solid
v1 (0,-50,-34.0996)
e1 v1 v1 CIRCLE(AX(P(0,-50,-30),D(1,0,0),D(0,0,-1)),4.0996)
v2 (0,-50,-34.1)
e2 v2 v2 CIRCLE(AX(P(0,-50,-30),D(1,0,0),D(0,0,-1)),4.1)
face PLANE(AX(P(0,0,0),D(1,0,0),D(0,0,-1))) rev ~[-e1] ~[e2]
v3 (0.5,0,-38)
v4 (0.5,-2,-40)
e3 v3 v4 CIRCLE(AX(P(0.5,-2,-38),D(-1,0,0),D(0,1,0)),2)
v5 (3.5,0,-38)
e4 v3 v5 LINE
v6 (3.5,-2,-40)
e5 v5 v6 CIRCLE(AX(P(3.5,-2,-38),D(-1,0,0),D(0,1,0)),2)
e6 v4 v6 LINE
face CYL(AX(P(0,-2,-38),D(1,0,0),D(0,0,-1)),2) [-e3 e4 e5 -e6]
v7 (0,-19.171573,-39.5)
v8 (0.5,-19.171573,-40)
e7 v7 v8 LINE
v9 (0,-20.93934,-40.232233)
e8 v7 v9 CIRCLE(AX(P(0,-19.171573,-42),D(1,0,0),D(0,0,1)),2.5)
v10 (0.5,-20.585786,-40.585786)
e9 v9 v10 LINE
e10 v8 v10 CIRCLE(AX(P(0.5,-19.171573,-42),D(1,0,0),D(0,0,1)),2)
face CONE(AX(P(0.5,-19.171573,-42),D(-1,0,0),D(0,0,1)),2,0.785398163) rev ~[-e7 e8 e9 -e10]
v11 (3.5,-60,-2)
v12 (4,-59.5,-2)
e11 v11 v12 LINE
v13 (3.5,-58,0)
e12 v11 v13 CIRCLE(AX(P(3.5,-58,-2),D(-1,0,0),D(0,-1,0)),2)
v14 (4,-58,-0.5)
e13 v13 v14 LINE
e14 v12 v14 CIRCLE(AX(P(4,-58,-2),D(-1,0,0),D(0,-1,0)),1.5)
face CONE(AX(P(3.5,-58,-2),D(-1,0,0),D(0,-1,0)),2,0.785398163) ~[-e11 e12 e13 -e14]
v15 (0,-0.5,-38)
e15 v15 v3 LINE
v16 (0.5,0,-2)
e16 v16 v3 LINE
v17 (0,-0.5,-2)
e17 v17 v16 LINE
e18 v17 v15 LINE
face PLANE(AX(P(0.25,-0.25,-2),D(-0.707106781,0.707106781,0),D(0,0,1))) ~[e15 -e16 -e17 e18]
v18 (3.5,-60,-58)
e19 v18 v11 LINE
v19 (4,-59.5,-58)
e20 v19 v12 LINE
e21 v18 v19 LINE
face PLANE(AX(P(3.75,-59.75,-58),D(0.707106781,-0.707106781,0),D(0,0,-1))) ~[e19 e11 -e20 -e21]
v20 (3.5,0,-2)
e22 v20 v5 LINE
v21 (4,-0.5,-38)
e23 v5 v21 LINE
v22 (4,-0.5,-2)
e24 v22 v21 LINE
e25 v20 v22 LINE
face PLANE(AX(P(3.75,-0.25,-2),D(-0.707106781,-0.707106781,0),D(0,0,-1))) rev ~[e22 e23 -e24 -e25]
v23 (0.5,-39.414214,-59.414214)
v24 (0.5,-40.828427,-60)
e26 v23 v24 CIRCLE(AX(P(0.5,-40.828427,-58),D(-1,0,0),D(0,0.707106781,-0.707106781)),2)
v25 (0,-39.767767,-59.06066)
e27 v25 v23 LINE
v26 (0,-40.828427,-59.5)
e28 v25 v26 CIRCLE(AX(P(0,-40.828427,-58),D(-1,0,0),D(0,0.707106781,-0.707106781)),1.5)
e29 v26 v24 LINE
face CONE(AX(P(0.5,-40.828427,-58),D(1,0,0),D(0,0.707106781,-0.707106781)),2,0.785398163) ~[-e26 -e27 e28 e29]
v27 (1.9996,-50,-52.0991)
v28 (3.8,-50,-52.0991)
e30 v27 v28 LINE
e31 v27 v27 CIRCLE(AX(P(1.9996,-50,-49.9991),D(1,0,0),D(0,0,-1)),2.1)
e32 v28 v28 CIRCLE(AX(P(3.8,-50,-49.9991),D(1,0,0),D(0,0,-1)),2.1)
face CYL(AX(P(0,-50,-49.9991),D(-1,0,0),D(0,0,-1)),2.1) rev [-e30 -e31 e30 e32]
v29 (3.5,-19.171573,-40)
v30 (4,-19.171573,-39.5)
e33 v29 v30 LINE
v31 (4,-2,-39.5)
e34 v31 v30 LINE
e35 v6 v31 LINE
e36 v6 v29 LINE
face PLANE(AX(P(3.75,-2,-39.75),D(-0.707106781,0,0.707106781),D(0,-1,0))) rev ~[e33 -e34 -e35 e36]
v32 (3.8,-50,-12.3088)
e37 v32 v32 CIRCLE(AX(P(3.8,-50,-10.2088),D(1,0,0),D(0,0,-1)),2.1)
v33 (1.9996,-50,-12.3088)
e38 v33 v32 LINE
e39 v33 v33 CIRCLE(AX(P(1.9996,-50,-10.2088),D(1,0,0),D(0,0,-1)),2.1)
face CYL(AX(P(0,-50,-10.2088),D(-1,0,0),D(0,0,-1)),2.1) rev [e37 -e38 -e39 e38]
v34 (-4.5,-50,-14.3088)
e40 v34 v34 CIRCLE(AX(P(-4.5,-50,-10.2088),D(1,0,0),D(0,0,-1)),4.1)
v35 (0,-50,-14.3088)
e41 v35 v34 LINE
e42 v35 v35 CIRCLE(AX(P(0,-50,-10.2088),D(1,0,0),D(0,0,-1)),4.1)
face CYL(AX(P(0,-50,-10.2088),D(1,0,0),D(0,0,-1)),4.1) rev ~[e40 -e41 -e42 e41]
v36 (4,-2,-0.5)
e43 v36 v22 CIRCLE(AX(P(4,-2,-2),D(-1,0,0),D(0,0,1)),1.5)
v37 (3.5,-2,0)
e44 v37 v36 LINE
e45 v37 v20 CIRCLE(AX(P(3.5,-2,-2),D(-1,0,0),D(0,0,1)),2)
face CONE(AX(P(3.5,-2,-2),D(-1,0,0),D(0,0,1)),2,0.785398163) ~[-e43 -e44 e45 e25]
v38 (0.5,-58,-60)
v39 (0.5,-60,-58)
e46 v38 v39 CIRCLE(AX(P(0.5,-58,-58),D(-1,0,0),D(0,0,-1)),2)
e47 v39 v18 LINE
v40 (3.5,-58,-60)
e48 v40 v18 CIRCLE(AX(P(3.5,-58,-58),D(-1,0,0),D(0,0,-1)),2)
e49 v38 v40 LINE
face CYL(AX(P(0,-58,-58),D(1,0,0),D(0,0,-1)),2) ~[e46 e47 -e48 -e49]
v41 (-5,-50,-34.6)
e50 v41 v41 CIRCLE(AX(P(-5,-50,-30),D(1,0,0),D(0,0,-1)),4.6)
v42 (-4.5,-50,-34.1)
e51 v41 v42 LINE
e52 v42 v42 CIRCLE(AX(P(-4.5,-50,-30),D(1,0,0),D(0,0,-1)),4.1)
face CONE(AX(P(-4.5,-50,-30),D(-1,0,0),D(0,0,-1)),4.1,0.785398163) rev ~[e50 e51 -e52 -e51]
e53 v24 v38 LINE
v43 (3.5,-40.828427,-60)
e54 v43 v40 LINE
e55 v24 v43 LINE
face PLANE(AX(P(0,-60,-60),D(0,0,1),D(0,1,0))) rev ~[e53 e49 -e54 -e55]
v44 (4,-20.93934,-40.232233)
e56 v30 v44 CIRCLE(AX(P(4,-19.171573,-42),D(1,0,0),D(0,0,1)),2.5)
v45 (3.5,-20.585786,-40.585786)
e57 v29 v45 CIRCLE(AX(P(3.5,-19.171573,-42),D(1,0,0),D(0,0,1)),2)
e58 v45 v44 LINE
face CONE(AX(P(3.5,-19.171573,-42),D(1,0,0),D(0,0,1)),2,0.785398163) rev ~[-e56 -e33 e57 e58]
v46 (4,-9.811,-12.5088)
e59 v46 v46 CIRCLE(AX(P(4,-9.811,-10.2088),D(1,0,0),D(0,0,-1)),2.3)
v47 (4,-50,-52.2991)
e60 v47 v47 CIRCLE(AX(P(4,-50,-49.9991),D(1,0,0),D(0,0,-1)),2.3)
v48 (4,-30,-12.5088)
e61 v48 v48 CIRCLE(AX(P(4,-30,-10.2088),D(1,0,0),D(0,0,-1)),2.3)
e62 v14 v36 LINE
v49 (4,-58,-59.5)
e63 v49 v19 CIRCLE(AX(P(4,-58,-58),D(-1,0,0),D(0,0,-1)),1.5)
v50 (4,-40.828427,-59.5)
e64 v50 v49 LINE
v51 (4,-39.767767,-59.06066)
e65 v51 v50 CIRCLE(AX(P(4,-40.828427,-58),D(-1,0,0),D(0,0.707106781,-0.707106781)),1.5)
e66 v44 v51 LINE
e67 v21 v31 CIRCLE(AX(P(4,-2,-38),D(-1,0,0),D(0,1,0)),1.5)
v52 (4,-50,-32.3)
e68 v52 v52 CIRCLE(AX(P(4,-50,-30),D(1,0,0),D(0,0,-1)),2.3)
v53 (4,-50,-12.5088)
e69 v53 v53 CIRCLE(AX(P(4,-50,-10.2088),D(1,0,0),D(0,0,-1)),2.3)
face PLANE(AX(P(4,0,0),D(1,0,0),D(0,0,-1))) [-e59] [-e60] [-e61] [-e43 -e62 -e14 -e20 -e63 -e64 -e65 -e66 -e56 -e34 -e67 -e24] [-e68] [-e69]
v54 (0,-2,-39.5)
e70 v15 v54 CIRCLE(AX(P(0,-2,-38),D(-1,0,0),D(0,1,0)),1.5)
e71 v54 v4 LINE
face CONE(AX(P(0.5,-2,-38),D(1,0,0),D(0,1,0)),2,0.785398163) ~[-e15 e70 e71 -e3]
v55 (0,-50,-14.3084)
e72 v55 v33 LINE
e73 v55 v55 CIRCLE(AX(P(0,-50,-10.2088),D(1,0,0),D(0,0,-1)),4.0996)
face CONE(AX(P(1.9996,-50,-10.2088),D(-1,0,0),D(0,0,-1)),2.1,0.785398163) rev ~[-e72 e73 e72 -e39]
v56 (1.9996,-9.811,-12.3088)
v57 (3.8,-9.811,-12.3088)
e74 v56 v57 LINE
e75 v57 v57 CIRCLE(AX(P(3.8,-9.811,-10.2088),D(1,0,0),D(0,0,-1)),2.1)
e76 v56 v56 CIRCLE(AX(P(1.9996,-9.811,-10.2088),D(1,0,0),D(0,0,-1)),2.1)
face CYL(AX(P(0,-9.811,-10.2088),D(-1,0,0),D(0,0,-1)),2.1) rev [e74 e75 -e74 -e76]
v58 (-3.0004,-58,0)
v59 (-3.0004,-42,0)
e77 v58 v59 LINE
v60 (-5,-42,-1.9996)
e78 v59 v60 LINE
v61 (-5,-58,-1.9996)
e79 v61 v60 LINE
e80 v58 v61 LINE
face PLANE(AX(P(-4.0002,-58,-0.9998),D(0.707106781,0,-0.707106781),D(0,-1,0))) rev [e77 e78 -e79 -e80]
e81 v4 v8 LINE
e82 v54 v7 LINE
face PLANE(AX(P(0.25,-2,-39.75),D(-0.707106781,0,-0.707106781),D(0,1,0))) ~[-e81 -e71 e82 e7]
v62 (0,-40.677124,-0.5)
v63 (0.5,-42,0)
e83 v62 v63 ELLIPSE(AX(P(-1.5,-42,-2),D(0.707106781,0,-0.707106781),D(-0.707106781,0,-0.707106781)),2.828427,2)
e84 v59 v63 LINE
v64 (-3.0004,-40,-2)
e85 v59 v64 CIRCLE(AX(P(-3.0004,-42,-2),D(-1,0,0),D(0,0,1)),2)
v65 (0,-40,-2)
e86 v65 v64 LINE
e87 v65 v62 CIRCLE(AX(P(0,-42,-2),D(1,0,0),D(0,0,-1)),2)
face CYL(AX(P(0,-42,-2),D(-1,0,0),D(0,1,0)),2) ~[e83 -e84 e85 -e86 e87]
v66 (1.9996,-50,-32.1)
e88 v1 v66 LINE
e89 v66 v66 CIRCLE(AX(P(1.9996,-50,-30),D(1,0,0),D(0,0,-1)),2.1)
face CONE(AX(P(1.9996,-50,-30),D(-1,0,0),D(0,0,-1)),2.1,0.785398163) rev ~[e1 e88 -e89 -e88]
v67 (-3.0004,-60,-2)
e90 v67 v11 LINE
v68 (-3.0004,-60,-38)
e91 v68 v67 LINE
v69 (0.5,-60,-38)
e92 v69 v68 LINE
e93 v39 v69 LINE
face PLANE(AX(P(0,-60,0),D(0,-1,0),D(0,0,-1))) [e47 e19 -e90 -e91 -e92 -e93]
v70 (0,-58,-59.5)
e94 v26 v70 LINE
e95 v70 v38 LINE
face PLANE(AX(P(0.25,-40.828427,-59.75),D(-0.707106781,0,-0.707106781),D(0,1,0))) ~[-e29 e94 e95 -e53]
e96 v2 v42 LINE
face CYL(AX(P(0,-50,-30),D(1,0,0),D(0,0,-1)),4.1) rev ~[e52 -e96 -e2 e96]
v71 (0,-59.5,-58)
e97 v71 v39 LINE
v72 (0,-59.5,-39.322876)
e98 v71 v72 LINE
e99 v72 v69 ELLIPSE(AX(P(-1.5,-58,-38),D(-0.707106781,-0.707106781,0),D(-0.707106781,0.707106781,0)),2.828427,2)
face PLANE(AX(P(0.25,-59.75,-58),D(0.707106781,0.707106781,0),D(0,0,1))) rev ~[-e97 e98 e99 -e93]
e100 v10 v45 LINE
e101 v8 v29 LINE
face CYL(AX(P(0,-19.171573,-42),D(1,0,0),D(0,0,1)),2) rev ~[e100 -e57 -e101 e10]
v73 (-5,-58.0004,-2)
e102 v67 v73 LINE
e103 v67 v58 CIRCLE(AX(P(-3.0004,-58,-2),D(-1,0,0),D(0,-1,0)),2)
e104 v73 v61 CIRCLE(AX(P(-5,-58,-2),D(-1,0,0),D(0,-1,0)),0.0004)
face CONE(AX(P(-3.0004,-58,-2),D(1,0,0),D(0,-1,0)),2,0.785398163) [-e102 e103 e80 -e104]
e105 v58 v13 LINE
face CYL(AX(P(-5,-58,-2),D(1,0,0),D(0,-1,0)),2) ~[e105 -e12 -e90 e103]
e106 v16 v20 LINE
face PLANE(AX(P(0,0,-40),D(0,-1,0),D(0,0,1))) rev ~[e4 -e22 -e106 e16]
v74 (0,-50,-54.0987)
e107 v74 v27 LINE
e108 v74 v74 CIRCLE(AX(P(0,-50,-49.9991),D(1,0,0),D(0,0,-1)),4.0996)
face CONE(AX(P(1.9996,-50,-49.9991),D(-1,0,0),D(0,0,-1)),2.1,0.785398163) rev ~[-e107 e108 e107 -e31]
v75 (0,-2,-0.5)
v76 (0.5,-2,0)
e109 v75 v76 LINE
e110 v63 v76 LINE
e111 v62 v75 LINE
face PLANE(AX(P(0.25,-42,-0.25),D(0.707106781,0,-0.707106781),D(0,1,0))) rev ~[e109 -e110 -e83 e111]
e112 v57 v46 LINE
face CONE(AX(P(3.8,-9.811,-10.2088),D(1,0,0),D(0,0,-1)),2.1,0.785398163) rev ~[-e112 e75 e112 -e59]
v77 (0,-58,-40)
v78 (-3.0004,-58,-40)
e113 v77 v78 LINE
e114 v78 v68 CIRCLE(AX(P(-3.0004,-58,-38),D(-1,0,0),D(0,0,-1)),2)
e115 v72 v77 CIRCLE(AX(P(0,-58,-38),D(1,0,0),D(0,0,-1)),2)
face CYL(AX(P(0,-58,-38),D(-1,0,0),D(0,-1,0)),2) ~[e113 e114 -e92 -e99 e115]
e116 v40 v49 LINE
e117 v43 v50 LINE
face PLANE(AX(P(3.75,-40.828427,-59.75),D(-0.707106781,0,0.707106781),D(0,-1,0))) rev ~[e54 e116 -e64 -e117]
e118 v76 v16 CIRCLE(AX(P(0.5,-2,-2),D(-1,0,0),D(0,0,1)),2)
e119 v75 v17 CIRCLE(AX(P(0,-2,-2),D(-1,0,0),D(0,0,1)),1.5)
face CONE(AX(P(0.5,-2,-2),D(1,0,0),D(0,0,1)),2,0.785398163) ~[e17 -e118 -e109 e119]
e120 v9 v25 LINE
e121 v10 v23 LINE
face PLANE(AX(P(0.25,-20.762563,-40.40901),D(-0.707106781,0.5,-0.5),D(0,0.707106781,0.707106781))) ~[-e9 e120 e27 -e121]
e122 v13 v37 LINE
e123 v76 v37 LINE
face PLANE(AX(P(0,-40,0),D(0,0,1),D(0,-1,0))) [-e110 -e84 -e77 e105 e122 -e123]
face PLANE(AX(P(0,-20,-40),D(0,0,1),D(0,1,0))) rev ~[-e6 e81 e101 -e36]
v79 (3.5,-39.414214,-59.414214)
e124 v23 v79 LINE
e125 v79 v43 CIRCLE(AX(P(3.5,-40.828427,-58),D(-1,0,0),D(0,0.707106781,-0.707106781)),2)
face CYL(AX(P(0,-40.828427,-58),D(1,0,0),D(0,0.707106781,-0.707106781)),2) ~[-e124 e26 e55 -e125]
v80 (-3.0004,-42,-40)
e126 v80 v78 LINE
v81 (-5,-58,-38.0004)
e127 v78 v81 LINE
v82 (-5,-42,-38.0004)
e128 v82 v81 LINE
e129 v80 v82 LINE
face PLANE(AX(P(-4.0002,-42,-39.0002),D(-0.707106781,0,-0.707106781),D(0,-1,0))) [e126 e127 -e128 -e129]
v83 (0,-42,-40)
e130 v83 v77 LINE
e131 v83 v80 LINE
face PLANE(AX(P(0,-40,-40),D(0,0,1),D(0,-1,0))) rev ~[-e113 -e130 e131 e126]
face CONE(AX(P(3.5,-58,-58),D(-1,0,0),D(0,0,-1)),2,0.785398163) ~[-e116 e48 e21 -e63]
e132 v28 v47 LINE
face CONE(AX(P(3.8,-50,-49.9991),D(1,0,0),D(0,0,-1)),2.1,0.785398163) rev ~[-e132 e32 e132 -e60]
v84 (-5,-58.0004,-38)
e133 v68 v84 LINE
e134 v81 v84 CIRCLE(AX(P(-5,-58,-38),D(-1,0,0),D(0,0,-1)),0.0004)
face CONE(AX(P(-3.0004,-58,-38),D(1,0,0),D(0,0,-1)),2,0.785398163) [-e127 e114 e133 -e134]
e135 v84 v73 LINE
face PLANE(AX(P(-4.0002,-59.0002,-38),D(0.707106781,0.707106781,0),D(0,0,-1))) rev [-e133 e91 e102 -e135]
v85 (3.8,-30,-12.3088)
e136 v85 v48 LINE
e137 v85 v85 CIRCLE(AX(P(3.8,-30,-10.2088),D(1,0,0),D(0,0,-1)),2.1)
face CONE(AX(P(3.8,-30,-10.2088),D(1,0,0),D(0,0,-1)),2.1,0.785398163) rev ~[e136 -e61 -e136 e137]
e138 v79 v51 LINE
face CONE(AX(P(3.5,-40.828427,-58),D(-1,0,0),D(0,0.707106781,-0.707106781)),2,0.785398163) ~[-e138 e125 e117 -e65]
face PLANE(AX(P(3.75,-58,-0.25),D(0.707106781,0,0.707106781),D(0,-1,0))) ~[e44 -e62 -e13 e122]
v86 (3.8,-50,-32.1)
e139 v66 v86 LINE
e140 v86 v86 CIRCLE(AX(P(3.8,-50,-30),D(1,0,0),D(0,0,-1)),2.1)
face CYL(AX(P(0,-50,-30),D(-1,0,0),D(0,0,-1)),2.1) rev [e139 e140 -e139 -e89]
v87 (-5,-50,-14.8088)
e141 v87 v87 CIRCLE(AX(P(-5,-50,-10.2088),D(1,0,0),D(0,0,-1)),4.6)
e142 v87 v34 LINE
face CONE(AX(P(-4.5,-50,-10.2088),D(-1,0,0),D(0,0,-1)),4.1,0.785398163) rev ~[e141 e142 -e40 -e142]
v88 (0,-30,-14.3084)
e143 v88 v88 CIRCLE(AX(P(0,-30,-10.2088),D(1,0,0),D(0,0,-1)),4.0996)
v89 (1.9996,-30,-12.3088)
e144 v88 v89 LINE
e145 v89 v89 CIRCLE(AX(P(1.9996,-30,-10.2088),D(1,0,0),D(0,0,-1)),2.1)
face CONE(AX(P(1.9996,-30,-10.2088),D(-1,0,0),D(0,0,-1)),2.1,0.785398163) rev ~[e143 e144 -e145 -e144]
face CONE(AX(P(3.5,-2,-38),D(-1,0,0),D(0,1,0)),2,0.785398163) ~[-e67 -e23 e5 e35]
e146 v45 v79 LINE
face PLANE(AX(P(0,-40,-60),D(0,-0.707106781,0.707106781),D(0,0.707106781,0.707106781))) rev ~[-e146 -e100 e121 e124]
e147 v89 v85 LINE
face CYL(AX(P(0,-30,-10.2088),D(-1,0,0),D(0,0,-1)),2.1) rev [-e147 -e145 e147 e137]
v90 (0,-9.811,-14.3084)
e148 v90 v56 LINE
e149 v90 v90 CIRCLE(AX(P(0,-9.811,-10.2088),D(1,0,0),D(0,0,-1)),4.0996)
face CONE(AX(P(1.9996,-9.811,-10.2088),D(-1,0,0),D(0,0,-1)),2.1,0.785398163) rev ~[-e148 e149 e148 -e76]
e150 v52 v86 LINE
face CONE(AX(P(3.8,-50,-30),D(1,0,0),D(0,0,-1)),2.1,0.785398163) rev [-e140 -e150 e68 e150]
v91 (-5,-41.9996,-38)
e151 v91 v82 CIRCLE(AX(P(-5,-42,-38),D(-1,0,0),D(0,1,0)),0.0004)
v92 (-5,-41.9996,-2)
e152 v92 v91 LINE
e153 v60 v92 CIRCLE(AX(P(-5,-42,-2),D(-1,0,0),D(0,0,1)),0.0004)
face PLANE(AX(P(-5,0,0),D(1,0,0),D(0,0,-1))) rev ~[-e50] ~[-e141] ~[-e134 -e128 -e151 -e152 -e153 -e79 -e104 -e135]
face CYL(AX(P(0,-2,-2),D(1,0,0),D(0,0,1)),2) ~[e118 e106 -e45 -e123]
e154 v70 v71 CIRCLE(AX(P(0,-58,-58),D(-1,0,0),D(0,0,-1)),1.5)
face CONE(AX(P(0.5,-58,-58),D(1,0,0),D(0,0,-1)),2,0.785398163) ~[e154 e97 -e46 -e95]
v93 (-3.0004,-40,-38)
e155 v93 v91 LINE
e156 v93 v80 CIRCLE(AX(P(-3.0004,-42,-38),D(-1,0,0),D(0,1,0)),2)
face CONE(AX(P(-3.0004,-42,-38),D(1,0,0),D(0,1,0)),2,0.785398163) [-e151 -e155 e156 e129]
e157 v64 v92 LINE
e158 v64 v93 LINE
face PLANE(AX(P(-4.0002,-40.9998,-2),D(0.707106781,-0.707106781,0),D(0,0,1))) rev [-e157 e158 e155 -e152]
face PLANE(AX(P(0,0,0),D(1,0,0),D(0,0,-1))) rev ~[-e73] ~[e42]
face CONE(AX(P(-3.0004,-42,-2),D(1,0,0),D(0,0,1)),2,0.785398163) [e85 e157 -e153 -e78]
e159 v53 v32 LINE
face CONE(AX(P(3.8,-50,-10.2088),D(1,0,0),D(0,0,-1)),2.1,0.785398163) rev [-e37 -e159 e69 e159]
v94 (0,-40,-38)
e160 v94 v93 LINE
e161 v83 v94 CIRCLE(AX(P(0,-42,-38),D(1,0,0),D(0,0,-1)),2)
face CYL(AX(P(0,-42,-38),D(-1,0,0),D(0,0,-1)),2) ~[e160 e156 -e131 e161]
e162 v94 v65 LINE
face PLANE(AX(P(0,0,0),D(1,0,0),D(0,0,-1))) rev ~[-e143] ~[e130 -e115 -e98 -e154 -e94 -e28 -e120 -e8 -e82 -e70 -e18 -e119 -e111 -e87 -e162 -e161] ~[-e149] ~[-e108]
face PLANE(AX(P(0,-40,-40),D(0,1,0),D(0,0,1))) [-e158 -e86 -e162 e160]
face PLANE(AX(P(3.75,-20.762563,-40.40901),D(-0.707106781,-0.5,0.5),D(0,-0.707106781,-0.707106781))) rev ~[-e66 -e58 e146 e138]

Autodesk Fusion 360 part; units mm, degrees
sketch "Sketch1" plane through (0, 0, 0) normal (1, 0, 0) x (0, 0, -1)
  line L0 (0, 0) -> (0, -60)
  line L1 (0, -60) -> (60, -60)
  line L2 (60, -60) -> (60, -40)
  line L3 (40, 0) -> (0, 0)
  line L4 (40, -40) -> (40, -60)
  line L5 (40, -40) -> (0, -40)
  line L6 (60, -40) -> (40, -20)
  line L7 (40, -20) -> (40, 0)
  line L8 (60, -50) -> (0, -50) construction
  line L9 (10.2088, 0) -> (10.2088, -60) construction
  line L10 (0, -9.7462) -> (40, -10) construction
  line L11 (0, -30) -> (50, -30) construction
  line L12 (49.9986, -60) -> (50, -30) construction
  line L13 (30, -60) -> (30, 0) construction
  circle A0 centre (10.2088, -9.811) radius 2.1
  circle A1 centre (10.2088, -30) radius 2.1
  circle A2 centre (10.2088, -50) radius 2.1
  circle A3 centre (30, -50) radius 2.1
  circle A4 centre (49.9991, -50) radius 2.1
  circle A5 centre (30, -50) radius 4.1
  circle A6 centre (10.2088, -50) radius 4.1
  dimension "d1" = 60
  dimension "d2" = 60
  dimension "d3" = 20
  dimension "d4" = 20
  dimension "d15" = 4.2
  dimension "d16" = 4.2
  dimension "d17" = 4.2
  dimension "d18" = 4.2
  dimension "d19" = 4.2
  dimension "d20" = 8.2
  dimension "d21" = 8.2
extrude "Extrude1" add sketch "Sketch1" along normal blind 4 contours L0 L1 L2 L3 L4 L5 L6 L7 | L0 L1 L4 L5 | A5 | A6
extrude "Extrude2" add sketch "Sketch1" against normal blind 5 contours L0 L1 L4 L5
chamfer "Chamfer1" distance 2 angle 45 5 edges at (0, -9.0516, -8.2509) (0, -29.2406, -8.2509) (0, -49.2406, -8.2509) (0, -49.2406, -28.0421) (0, -49.2406, -48.0412)
fillet "Fillet1" radius 2 9 edges at (2, -60, -60) (-0.5, -60, 0) (2, -40, -60) (2, -20, -40) (2, 0, -40) (2, 0, 0) (-2.5, -40, -40) (-2.5, -60, -40) (-2.5, -40, 0)
chamfer "Chamfer2" distance 0.5 angle 45 25 edges at (-5, -51.4826, -26.1775) (-5, -51.4826, -6.3862) (0, -60, -48) (0, -59.4142, -59.4142) (0, -49.4142, -60) (0, -40.0631, -59.8478) (0, -30, -50) (0, -19.9369, -40.1522) (0, -10.5858, -40) (0, -0.5858, -39.4142) (0, 0, -20) (0, -0.5858, -0.5858) (0, -22, 0) (4, -59.4142, -59.4142) (4, -49.4142, -60) (4, -40.0631, -59.8478) (4, -30, -50) (4, -19.9369, -40.1522) (4, -10.5858, -40) (4, -0.5858, -39.4142) (4, 0, -20) (4, -0.5858, -0.5858) (4, -30, 0) (4, -59.4142, -0.5858) (4, -60, -30)
chamfer "Chamfer3" distance 0.2 angle 45 5 edges at (4, -9.0516, -8.2509) (4, -29.2406, -8.2509) (4, -49.2406, -8.2509) (4, -49.2406, -28.0421) (4, -49.2406, -48.0412)
chamfer "Chamfer4" distance 2 angle 45 8 edges at (-5, -59.4142, -0.5858) (-5, -50, 0) (-5, -40.5858, -0.5858) (-5, -40, -20) (-5, -40.5858, -39.4142) (-5, -50, -40) (-5, -59.4142, -39.4142) (-5, -60, -20)
